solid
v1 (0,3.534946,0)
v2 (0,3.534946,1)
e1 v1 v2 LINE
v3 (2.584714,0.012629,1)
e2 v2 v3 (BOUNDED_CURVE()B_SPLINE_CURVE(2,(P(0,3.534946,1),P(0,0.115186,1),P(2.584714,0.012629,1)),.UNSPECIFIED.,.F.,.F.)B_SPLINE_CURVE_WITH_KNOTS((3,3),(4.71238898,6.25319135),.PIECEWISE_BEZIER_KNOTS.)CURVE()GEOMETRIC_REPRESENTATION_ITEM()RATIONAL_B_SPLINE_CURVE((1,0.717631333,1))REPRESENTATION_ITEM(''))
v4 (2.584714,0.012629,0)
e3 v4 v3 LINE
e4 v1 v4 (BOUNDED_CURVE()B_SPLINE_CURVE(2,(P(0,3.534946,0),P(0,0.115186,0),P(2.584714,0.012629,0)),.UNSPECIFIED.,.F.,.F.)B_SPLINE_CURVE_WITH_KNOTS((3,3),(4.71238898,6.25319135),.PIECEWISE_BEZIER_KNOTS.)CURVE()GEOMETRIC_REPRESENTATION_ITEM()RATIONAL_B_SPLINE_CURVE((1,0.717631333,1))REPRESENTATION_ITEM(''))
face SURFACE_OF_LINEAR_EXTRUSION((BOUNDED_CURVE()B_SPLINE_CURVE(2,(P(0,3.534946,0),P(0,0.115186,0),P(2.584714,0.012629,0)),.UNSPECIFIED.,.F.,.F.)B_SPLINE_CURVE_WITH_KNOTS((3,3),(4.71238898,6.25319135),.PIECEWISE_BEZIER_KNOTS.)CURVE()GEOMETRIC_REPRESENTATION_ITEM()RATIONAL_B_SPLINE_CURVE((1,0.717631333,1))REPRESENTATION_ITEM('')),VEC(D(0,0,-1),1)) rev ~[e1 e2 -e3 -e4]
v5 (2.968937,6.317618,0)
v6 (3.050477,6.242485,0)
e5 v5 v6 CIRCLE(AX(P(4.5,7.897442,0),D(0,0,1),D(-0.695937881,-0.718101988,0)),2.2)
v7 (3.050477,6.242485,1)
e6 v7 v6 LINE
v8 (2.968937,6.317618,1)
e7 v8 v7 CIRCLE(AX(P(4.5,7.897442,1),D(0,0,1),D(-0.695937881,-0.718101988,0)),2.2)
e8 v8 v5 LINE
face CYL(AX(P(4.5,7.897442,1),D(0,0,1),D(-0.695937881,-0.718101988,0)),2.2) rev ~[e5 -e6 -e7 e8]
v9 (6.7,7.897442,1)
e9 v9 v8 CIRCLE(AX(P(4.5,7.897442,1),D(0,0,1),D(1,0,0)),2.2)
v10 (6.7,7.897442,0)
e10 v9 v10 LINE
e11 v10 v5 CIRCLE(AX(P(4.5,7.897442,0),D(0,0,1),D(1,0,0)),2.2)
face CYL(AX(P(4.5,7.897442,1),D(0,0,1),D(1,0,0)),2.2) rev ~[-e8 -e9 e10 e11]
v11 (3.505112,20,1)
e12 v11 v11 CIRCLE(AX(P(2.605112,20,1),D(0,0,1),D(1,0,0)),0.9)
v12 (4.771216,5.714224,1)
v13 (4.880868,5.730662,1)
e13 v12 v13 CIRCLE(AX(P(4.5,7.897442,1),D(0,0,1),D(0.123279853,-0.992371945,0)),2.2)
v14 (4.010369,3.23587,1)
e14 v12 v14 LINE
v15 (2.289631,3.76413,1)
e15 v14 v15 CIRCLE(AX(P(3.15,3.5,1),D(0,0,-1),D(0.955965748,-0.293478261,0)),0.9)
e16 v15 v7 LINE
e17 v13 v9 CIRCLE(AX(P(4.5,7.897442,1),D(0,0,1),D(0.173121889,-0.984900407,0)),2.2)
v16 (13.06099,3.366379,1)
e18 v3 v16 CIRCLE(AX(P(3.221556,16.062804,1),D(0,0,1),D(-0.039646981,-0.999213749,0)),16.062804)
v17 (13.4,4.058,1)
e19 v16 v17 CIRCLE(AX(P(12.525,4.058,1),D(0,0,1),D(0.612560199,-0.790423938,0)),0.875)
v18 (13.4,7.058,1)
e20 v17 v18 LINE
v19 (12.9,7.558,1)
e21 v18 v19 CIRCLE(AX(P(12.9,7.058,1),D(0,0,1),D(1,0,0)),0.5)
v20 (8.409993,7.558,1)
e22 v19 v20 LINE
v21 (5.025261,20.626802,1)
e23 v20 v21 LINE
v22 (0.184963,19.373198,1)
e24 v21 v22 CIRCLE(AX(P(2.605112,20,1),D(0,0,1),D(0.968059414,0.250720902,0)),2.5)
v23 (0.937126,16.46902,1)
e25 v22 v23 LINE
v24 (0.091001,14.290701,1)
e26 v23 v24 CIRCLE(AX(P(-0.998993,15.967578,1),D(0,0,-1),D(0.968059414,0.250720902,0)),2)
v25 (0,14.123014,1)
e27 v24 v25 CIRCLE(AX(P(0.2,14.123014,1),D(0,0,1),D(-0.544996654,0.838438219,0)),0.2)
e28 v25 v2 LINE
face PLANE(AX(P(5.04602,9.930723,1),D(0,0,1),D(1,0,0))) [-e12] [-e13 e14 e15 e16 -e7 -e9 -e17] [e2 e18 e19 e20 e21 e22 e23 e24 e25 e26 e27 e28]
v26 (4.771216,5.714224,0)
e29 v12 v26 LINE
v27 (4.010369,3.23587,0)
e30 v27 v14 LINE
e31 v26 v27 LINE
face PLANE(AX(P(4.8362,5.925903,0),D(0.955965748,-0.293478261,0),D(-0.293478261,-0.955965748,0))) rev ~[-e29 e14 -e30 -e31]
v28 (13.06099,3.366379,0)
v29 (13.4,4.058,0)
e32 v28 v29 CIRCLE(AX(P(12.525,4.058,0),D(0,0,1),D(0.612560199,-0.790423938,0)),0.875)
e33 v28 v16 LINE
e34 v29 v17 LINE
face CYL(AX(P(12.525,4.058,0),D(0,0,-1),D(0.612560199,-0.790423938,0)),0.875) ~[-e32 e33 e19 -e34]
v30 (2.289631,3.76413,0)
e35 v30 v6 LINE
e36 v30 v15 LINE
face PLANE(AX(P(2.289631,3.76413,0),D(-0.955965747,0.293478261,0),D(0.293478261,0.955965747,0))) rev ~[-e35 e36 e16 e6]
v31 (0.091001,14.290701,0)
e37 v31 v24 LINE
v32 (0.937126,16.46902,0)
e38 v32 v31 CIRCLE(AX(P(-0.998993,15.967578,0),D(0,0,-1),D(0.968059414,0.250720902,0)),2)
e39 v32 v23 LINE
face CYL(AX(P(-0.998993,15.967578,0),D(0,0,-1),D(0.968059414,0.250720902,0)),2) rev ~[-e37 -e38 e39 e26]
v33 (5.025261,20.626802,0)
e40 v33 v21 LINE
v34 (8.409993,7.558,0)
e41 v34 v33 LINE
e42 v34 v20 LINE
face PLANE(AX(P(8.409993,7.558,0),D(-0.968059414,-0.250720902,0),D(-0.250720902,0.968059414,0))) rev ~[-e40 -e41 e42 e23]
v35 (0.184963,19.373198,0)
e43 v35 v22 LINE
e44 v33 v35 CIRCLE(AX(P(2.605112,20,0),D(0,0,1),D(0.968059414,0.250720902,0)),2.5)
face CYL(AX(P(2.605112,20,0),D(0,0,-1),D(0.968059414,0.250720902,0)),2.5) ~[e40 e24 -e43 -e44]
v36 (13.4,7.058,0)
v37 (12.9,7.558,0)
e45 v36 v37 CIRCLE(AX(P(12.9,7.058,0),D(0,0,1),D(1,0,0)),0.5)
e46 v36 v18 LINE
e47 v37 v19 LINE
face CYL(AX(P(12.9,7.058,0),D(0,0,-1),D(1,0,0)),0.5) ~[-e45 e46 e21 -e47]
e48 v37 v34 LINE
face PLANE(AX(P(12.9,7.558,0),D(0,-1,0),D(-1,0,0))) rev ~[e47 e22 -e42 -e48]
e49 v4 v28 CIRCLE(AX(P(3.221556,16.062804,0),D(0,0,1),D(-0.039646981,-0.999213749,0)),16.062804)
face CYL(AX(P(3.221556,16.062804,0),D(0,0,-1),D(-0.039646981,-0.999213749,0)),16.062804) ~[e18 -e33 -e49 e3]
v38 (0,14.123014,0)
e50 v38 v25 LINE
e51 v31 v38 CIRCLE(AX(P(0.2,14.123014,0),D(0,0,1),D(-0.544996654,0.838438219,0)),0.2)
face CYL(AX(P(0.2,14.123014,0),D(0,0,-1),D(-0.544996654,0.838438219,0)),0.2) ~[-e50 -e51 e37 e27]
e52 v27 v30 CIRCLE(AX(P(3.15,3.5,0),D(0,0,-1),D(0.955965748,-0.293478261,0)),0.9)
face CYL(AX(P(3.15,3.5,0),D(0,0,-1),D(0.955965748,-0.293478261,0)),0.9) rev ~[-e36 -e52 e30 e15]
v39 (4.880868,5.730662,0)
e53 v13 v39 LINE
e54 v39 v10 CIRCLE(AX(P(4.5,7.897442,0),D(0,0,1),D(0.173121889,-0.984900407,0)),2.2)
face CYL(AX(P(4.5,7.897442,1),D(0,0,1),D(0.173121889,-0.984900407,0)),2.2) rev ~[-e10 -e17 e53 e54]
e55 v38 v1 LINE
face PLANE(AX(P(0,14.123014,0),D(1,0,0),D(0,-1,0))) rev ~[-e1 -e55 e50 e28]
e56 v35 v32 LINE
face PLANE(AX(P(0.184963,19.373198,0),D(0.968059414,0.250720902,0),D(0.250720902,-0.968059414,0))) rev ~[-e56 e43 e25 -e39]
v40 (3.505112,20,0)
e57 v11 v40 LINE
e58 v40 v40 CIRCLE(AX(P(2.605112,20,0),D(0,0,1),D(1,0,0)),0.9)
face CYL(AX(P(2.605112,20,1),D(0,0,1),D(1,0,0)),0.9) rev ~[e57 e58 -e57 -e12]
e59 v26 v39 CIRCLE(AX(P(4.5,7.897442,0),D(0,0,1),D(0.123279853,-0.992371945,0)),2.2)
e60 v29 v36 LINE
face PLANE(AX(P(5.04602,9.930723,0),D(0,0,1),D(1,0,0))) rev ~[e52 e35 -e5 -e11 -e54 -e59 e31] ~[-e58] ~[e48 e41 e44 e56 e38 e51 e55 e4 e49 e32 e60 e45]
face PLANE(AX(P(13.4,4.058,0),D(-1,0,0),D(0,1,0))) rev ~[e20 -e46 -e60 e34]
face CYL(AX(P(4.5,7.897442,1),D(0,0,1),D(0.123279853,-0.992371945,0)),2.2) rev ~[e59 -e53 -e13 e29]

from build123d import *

# Parameters (mm, degrees)
F0_R     = 0.75
F1_DEPTH = 1
F3_DEPTH = 1.0010001
F2_R     = 0.9
F2_R_2   = 0.75
F4_DEPTH = 1.0010001


with BuildPart() as f1:
    # F0 (on Top) → F1 (new body)
    with BuildSketch(Plane.XY):
        with BuildLine():
            Line((8.4099927317, 7.5580001656), (5.0252605515, 20.6268022556))
            ThreePointArc((5.0252605515, 20.6268022556), (1.9783097607, 22.4201485352), (0.1849634811, 19.3731977444))
            Line((0.1849634811, 19.3731977444), (0.9371261878, 16.4690195022))
            ThreePointArc((0.9371261878, 16.4690195022), (0.8653051518, 15.2434273388), (0.0910006691, 14.2907012605))
            ThreePointArc((0.0910006691, 14.2907012605), (0.024216232, 14.2184078876), (0, 14.1230136168))
            Line((0, 14.1230136168), (0, 3.5349456812))
            add(Edge.make_bspline(
                [(0, 3.5349456812), (0, 0.1151861329), (2.5847140193, 0.0126293901)],
                knots=[4.7123889804, 4.7123889804, 4.7123889804, 6.2531913499, 6.2531913499, 6.2531913499], degree=2, weights=[1, 0.717631333, 1]))
            ThreePointArc((2.5847140193, 0.0126293901), (8.1188853822, 0.7647703189), (13.0609901745, 3.3663792197))
            ThreePointArc((13.0609901745, 3.3663792197), (13.3106896342, 3.672880965), (13.4, 4.0580001656))
            Line((13.4, 4.0580001656), (13.4, 7.0580001656))
            ThreePointArc((13.4, 7.0580001656), (13.2535533906, 7.4115535562), (12.9, 7.5580001656))
            Line((12.9, 7.5580001656), (8.4099927317, 7.5580001656))
        make_face()
        with BuildLine():
            ThreePointArc((3.1154618928, 6.4541634531), (5.0869565217, 9.8093739335), (4.8362002383, 5.9259025835))
            Line((4.8362002383, 5.9259025835), (4.0103691728, 3.2358695652))
            ThreePointArc((4.0103691728, 3.2358695652), (2.8858695652, 2.6396308272), (2.2896308272, 3.7641304348))
            Line((2.2896308272, 3.7641304348), (3.1154618928, 6.4541634531))
        make_face(mode=Mode.SUBTRACT)
        with Locations((2.6051120163, 20)):
            Circle(F0_R, mode=Mode.SUBTRACT)
    extrude(amount=F1_DEPTH)

    # F2 (on face) → F3 (cut, through all)
    with BuildSketch(Plane.XY.offset(1)):
        with BuildLine():
            Line((3.1154618928, 6.4541634531), (3.0504773302, 6.2424850283))
            ThreePointArc((3.0504773302, 6.2424850283), (3.8543478261, 5.794317794), (4.7712156757, 5.7142241587))
            Line((4.7712156757, 5.7142241587), (4.8362002383, 5.9259025835))
            ThreePointArc((4.8362002383, 5.9259025835), (4.8920816578, 5.9362509706), (4.9476464888, 5.9481829327))
            Line((4.9476464888, 5.9481829327), (5.4559657475, 7.6039641776))
            ThreePointArc((5.4559657475, 7.6039641776), (4.2065217391, 6.941476691), (3.5440342525, 8.1909206994))
            Line((3.5440342525, 8.1909206994), (3.0357149938, 6.5351394544))
            ThreePointArc((3.0357149938, 6.5351394544), (3.0750131365, 6.4940848793), (3.1154618928, 6.4541634531))
        make_face()
        with BuildLine():
            ThreePointArc((4.8808681557, 5.7306615433), (6.1849198709, 6.4828594509), (6.7, 7.8974424385))
            ThreePointArc((6.7, 7.8974424385), (3.6421944703, 9.9233174774), (2.9689366607, 6.317618065))
            Line((2.9689366607, 6.317618065), (3.0357149938, 6.5351394544))
            ThreePointArc((3.0357149938, 6.5351394544), (5.0869565217, 9.8093739335), (4.9476464888, 5.9481829327))
            Line((4.9476464888, 5.9481829327), (4.8808681557, 5.7306615433))
        make_face()
        with BuildLine():
            ThreePointArc((4.7712156757, 5.7142241587), (4.8261454855, 5.7217519453), (4.8808681557, 5.7306615433))
            Line((4.8808681557, 5.7306615433), (4.9476464888, 5.9481829327))
            ThreePointArc((4.9476464888, 5.9481829327), (4.8920816578, 5.9362509706), (4.8362002383, 5.9259025835))
            Line((4.8362002383, 5.9259025835), (4.7712156757, 5.7142241587))
        make_face()
        with BuildLine():
            Line((3.0357149938, 6.5351394544), (2.9689366607, 6.317618065))
            ThreePointArc((2.9689366607, 6.317618065), (3.0092335922, 6.2795377697), (3.0504773302, 6.2424850283))
            Line((3.0504773302, 6.2424850283), (3.1154618928, 6.4541634531))
            ThreePointArc((3.1154618928, 6.4541634531), (3.0750131365, 6.4940848793), (3.0357149938, 6.5351394544))
        make_face()
        with BuildLine():
            ThreePointArc((4.9476464888, 5.9481829327), (5.0869565217, 9.8093739335), (3.0357149938, 6.5351394544))
            Line((3.0357149938, 6.5351394544), (3.5440342525, 8.1909206994))
            ThreePointArc((3.5440342525, 8.1909206994), (4.6483816911, 8.8863726048), (5.5, 7.8974424385))
            ThreePointArc((5.5, 7.8974424385), (5.4889301663, 7.7490607474), (5.4559657475, 7.6039641776))
            Line((5.4559657475, 7.6039641776), (4.9476464888, 5.9481829327))
        make_face()
    extrude(amount=-F3_DEPTH, mode=Mode.SUBTRACT)

    # F2 (on face) → F4 (cut, through all)
    with BuildSketch(Plane.XY.offset(1)):
        with Locations((2.6051120163, 20)):
            Circle(F2_R)
        with Locations((2.6051120163, 20)):
            Circle(F2_R_2, mode=Mode.SUBTRACT)
    extrude(amount=-F4_DEPTH, mode=Mode.SUBTRACT)


solid = f1.part
